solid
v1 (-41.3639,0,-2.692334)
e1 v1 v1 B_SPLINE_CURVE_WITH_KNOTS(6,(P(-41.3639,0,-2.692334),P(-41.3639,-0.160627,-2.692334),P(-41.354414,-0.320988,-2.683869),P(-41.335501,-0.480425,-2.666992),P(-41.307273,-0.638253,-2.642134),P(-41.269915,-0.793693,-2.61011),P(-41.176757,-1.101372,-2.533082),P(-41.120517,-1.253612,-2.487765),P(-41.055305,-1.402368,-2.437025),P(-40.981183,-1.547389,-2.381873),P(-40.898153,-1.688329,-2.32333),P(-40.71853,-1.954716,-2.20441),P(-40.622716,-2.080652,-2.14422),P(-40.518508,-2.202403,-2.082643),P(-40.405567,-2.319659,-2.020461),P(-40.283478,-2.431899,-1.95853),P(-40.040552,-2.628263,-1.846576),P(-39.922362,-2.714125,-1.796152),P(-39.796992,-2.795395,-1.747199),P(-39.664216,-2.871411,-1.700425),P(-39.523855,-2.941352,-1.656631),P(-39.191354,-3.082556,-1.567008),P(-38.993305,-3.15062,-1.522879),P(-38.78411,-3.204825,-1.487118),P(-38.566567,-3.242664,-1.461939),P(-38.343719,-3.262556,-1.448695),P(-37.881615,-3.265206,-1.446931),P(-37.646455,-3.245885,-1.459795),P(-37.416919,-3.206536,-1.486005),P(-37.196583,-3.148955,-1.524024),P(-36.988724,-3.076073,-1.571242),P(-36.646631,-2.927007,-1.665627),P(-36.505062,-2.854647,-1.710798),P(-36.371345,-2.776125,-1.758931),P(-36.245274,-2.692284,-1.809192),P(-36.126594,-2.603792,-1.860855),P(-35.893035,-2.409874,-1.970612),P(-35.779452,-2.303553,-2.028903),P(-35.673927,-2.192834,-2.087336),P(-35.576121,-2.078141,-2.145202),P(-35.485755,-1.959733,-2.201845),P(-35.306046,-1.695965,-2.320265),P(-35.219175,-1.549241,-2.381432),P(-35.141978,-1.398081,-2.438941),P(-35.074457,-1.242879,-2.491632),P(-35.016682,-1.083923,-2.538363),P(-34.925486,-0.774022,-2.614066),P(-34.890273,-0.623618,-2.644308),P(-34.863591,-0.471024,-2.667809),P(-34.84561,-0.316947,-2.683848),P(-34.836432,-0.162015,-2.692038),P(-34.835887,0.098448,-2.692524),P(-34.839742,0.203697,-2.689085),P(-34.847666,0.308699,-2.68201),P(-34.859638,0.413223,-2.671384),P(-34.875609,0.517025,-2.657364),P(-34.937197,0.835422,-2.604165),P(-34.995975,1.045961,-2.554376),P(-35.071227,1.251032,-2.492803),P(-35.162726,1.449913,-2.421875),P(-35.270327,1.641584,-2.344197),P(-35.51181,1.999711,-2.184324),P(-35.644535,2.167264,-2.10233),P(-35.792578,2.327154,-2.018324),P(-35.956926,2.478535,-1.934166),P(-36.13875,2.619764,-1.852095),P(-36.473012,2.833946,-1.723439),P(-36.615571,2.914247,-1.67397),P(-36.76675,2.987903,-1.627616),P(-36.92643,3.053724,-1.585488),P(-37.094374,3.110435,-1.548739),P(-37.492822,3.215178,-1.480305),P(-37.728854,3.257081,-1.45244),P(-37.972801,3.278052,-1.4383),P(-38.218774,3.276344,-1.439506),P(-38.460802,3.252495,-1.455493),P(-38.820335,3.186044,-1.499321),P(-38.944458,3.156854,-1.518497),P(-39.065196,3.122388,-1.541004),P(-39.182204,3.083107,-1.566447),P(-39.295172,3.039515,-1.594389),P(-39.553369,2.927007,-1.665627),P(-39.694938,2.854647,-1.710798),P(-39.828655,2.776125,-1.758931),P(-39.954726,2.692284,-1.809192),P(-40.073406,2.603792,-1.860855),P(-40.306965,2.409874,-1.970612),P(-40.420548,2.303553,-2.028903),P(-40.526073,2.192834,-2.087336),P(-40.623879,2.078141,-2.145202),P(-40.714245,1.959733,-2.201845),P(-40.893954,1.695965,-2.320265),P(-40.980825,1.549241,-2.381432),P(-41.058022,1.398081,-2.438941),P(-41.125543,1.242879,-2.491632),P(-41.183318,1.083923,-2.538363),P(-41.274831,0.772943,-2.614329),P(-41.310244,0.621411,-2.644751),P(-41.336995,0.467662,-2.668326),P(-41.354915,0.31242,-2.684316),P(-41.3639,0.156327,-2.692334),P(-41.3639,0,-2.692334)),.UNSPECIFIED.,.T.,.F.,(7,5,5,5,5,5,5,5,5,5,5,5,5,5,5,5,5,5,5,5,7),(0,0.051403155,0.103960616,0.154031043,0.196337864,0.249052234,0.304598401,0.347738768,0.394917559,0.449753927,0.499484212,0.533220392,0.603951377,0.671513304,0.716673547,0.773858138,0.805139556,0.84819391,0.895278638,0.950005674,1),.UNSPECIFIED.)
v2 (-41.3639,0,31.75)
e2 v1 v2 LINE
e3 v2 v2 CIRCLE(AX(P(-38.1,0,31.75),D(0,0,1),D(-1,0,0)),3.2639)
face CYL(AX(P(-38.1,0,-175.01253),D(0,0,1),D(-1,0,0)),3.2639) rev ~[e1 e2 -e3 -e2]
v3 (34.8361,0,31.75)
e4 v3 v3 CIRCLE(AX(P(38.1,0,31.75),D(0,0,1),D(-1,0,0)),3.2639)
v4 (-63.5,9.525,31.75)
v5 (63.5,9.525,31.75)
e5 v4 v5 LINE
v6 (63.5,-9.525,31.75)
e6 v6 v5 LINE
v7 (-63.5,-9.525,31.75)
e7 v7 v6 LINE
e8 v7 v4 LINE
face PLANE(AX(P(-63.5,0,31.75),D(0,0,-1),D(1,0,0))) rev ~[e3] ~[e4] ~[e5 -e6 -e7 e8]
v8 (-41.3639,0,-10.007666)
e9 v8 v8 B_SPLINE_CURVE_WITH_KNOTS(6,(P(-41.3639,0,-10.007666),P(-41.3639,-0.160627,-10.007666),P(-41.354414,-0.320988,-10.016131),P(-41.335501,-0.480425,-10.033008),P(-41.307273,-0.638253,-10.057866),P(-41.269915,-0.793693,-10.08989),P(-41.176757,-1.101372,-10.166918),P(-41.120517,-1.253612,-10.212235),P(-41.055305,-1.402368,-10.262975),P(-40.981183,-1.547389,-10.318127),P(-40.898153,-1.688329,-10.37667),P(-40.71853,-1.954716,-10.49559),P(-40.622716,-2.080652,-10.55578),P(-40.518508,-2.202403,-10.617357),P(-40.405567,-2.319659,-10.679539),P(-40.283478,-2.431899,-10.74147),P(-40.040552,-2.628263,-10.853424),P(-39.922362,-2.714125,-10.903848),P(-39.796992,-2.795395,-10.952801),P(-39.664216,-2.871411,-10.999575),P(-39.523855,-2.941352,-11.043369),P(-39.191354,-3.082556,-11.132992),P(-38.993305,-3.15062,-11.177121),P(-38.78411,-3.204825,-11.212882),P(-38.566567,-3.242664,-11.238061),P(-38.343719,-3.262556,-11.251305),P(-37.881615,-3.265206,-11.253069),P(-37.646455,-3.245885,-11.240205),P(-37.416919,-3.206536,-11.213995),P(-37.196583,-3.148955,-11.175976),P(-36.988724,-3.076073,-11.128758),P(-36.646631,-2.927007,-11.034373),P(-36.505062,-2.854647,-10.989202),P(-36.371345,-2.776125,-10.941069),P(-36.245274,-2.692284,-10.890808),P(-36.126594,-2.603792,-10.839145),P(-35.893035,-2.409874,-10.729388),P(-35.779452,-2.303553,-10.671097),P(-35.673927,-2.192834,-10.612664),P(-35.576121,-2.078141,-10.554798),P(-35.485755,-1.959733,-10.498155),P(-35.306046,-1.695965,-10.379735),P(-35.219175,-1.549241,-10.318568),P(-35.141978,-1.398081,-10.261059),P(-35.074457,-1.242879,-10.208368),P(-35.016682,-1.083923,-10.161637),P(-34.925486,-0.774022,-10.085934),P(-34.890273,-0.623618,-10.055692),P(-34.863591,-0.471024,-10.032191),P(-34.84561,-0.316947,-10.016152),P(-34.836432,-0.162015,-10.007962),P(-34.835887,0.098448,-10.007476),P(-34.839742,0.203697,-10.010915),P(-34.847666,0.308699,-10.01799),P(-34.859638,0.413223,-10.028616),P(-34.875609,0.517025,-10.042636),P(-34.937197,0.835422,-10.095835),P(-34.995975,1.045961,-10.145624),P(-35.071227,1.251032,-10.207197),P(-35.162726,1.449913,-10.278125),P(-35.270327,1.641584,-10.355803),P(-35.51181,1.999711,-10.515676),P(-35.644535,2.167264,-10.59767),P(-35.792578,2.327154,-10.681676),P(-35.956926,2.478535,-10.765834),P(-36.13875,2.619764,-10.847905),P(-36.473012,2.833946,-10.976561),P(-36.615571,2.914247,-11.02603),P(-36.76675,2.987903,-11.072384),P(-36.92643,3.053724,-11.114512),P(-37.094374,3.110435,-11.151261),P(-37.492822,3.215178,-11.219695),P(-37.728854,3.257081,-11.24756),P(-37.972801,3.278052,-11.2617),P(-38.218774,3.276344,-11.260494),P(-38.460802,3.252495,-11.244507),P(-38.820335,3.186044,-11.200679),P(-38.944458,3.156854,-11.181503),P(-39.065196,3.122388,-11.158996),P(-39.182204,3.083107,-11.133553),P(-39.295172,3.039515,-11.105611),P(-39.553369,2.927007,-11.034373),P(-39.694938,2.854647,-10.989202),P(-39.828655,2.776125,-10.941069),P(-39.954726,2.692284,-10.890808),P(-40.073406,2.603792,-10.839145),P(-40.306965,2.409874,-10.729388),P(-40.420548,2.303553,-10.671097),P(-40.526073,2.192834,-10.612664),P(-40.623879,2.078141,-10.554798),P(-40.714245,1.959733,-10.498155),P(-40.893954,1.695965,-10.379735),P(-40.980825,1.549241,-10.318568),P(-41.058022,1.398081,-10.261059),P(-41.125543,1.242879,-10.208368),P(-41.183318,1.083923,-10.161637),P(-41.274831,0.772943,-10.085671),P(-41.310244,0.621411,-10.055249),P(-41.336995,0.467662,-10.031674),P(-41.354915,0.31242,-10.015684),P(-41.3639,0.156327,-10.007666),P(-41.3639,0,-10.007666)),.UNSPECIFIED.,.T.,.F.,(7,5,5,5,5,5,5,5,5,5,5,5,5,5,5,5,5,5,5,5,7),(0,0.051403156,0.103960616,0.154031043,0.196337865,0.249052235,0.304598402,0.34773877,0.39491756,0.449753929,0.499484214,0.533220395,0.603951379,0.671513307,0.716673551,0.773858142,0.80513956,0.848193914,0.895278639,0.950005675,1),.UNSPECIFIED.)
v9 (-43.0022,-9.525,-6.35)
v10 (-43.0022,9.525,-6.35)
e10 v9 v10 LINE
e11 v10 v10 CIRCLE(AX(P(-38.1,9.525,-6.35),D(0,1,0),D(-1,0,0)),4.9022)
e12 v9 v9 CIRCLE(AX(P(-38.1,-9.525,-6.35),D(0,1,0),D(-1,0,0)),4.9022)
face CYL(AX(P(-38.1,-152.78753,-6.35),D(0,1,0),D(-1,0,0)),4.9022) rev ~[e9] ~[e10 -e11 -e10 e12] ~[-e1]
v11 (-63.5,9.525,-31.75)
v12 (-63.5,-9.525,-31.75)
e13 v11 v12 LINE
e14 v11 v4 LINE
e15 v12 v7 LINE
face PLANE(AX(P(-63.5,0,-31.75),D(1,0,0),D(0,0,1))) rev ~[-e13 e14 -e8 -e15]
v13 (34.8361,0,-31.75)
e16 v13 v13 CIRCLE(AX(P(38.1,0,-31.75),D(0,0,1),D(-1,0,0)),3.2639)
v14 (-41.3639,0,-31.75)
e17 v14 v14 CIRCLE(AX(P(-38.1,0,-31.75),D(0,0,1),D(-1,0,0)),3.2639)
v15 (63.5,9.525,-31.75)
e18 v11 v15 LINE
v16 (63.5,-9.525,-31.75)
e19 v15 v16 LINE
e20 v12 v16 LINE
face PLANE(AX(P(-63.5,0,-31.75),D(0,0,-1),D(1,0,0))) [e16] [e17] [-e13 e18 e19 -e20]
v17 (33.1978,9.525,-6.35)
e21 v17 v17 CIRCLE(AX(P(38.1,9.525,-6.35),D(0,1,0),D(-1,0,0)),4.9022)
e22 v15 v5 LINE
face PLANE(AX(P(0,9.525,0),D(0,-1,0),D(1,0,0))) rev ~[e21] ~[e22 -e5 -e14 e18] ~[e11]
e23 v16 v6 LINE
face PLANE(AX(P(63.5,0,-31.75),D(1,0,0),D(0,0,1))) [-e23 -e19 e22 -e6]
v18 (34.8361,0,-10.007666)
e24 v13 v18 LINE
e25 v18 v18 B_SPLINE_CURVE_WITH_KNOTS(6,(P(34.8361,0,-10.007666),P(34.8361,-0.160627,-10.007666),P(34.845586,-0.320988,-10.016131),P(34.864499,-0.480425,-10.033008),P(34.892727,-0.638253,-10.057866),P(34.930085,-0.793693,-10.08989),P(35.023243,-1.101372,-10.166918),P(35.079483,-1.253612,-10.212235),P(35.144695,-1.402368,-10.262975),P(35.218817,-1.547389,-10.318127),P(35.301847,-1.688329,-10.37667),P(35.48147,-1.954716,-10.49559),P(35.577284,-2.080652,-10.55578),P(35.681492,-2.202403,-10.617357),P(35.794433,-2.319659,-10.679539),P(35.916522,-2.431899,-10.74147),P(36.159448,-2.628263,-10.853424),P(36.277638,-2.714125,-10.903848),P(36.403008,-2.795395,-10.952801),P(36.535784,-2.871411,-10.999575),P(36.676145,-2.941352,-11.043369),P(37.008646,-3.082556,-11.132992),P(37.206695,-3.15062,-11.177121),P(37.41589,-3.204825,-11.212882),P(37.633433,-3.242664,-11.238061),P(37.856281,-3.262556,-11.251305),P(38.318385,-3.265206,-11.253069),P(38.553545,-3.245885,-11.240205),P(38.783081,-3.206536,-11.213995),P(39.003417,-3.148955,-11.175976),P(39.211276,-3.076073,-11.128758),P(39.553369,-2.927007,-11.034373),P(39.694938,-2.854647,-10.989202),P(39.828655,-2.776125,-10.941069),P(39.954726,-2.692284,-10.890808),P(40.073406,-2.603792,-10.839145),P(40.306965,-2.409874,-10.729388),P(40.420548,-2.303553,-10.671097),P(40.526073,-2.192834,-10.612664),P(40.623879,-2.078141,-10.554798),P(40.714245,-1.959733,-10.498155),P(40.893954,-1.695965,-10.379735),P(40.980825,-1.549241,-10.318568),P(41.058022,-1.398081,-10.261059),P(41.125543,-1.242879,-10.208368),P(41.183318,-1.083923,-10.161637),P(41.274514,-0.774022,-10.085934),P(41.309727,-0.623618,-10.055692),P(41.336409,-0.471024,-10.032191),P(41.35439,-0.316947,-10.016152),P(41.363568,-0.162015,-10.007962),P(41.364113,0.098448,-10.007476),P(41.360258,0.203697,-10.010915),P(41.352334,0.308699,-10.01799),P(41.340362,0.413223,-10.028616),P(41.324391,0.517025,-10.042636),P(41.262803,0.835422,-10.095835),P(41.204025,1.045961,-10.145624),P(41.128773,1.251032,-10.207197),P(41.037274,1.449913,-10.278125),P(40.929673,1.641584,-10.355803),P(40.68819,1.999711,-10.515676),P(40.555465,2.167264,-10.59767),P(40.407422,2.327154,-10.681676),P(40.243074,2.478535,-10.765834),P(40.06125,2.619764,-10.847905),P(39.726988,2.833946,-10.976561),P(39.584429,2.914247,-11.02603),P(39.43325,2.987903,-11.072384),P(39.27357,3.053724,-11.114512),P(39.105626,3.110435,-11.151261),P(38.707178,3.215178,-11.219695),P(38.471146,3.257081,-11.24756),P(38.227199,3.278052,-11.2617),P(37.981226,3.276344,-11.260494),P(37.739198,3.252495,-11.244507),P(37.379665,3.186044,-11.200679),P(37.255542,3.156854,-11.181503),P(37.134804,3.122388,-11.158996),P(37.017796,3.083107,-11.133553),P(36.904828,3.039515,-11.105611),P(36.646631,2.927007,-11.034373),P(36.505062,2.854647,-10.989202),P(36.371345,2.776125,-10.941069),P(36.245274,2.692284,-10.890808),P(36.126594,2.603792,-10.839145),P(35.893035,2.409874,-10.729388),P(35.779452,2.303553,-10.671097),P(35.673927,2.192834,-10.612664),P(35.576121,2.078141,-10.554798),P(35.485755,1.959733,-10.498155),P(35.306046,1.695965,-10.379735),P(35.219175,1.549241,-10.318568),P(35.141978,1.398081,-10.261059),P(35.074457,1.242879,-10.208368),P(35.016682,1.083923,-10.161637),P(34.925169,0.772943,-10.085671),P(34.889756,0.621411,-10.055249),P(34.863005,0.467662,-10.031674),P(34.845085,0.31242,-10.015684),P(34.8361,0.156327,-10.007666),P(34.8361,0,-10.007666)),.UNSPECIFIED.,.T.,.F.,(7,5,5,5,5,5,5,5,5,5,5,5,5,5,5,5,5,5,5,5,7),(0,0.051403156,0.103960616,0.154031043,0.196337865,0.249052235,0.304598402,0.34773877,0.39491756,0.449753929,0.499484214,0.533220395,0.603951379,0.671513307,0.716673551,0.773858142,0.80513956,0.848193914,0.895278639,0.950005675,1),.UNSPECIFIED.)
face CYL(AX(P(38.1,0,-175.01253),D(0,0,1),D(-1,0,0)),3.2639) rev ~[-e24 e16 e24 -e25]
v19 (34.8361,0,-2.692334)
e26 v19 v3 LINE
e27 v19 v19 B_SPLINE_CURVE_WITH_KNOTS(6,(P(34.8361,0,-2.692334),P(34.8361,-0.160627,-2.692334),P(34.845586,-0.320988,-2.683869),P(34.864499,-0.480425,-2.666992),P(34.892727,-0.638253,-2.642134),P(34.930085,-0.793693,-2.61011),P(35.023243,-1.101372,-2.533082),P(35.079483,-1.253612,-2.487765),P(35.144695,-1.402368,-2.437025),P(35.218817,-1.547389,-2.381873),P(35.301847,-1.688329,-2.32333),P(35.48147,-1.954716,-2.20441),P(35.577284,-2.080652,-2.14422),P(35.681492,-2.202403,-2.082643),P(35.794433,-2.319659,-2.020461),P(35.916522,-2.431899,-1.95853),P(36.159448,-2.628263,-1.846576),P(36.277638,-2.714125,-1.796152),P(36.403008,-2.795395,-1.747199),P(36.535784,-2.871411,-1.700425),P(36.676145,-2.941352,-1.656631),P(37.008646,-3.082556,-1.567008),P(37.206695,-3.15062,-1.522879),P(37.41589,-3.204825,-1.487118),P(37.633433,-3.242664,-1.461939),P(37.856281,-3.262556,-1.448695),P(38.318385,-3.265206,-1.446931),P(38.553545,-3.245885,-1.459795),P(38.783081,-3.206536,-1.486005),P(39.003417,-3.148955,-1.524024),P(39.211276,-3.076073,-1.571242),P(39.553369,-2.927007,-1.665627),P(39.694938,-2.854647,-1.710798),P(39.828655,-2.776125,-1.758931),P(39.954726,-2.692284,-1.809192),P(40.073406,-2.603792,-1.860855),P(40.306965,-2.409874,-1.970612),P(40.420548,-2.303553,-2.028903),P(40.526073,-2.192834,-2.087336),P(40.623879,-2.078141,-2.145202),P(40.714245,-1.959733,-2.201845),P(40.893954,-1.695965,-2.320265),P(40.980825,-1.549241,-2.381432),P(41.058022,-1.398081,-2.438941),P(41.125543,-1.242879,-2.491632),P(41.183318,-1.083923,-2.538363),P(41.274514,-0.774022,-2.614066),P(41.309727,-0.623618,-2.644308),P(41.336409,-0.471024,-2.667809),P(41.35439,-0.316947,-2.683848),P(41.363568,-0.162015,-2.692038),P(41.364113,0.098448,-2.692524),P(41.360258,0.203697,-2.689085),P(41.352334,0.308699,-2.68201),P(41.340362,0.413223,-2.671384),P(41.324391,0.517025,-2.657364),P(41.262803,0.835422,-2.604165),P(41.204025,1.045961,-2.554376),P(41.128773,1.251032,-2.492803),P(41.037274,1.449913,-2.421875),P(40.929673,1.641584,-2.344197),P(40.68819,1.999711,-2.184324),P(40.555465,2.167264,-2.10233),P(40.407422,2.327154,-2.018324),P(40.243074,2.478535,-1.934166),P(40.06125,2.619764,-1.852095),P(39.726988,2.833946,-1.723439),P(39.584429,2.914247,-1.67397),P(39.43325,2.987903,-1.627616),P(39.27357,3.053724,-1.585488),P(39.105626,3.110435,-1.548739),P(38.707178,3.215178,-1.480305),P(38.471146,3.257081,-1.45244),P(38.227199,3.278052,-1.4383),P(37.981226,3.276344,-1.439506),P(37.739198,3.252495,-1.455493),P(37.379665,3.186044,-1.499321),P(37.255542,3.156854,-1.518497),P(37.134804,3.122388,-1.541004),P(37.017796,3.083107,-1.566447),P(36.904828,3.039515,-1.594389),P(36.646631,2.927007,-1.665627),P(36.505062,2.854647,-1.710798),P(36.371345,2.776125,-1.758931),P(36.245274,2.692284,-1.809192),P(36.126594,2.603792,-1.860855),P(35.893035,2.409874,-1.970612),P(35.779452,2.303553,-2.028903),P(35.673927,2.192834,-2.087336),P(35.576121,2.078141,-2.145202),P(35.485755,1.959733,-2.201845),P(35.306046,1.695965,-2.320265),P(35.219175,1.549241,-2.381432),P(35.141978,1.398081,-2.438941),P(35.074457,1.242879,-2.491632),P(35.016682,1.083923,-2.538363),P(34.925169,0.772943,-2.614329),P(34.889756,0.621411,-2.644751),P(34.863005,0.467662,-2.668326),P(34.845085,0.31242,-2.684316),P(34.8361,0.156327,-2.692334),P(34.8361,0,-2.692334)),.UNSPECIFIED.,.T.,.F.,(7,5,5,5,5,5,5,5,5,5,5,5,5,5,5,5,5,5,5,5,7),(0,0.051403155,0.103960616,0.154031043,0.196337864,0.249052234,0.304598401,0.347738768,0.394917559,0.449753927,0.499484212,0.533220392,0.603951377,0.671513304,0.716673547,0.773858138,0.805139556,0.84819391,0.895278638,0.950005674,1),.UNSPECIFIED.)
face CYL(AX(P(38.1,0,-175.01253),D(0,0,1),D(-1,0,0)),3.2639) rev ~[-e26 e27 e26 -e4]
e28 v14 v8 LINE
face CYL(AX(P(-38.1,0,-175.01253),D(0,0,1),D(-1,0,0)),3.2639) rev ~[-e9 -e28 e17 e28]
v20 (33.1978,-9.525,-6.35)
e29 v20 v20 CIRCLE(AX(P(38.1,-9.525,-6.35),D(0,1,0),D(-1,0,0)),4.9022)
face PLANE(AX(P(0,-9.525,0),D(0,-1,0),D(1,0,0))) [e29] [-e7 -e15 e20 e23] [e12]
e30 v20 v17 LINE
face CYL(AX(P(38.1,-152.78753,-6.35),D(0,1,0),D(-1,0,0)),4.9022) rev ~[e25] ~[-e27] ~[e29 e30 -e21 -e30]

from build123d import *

# Parameters (mm, degrees)
F0_W     = 127
F0_H     = 63.5
F1_DEPTH = 9.525
F3_D     = 9.8044
F5_D     = 6.5278


with BuildPart() as f1:
    # F0 (on Front) → F1 (new body, symmetric)
    with BuildSketch(Plane.XZ):
        Rectangle(F0_W, F0_H)
    extrude(amount=F1_DEPTH, both=True)

    # F3 (through all)
    with Locations(Plane.XZ.offset(9.525)):
        with Locations((-38.1, -6.35), (38.1, -6.35)):
            Hole(F3_D / 2)

    # F5 (through all)
    with Locations(Plane(origin=(0, 0, -31.75), x_dir=(1, 0, 0), z_dir=(0, 0, -1))):
        with Locations((-38.1, 0), (38.1, 0)):
            Hole(F5_D / 2)


solid = f1.part
